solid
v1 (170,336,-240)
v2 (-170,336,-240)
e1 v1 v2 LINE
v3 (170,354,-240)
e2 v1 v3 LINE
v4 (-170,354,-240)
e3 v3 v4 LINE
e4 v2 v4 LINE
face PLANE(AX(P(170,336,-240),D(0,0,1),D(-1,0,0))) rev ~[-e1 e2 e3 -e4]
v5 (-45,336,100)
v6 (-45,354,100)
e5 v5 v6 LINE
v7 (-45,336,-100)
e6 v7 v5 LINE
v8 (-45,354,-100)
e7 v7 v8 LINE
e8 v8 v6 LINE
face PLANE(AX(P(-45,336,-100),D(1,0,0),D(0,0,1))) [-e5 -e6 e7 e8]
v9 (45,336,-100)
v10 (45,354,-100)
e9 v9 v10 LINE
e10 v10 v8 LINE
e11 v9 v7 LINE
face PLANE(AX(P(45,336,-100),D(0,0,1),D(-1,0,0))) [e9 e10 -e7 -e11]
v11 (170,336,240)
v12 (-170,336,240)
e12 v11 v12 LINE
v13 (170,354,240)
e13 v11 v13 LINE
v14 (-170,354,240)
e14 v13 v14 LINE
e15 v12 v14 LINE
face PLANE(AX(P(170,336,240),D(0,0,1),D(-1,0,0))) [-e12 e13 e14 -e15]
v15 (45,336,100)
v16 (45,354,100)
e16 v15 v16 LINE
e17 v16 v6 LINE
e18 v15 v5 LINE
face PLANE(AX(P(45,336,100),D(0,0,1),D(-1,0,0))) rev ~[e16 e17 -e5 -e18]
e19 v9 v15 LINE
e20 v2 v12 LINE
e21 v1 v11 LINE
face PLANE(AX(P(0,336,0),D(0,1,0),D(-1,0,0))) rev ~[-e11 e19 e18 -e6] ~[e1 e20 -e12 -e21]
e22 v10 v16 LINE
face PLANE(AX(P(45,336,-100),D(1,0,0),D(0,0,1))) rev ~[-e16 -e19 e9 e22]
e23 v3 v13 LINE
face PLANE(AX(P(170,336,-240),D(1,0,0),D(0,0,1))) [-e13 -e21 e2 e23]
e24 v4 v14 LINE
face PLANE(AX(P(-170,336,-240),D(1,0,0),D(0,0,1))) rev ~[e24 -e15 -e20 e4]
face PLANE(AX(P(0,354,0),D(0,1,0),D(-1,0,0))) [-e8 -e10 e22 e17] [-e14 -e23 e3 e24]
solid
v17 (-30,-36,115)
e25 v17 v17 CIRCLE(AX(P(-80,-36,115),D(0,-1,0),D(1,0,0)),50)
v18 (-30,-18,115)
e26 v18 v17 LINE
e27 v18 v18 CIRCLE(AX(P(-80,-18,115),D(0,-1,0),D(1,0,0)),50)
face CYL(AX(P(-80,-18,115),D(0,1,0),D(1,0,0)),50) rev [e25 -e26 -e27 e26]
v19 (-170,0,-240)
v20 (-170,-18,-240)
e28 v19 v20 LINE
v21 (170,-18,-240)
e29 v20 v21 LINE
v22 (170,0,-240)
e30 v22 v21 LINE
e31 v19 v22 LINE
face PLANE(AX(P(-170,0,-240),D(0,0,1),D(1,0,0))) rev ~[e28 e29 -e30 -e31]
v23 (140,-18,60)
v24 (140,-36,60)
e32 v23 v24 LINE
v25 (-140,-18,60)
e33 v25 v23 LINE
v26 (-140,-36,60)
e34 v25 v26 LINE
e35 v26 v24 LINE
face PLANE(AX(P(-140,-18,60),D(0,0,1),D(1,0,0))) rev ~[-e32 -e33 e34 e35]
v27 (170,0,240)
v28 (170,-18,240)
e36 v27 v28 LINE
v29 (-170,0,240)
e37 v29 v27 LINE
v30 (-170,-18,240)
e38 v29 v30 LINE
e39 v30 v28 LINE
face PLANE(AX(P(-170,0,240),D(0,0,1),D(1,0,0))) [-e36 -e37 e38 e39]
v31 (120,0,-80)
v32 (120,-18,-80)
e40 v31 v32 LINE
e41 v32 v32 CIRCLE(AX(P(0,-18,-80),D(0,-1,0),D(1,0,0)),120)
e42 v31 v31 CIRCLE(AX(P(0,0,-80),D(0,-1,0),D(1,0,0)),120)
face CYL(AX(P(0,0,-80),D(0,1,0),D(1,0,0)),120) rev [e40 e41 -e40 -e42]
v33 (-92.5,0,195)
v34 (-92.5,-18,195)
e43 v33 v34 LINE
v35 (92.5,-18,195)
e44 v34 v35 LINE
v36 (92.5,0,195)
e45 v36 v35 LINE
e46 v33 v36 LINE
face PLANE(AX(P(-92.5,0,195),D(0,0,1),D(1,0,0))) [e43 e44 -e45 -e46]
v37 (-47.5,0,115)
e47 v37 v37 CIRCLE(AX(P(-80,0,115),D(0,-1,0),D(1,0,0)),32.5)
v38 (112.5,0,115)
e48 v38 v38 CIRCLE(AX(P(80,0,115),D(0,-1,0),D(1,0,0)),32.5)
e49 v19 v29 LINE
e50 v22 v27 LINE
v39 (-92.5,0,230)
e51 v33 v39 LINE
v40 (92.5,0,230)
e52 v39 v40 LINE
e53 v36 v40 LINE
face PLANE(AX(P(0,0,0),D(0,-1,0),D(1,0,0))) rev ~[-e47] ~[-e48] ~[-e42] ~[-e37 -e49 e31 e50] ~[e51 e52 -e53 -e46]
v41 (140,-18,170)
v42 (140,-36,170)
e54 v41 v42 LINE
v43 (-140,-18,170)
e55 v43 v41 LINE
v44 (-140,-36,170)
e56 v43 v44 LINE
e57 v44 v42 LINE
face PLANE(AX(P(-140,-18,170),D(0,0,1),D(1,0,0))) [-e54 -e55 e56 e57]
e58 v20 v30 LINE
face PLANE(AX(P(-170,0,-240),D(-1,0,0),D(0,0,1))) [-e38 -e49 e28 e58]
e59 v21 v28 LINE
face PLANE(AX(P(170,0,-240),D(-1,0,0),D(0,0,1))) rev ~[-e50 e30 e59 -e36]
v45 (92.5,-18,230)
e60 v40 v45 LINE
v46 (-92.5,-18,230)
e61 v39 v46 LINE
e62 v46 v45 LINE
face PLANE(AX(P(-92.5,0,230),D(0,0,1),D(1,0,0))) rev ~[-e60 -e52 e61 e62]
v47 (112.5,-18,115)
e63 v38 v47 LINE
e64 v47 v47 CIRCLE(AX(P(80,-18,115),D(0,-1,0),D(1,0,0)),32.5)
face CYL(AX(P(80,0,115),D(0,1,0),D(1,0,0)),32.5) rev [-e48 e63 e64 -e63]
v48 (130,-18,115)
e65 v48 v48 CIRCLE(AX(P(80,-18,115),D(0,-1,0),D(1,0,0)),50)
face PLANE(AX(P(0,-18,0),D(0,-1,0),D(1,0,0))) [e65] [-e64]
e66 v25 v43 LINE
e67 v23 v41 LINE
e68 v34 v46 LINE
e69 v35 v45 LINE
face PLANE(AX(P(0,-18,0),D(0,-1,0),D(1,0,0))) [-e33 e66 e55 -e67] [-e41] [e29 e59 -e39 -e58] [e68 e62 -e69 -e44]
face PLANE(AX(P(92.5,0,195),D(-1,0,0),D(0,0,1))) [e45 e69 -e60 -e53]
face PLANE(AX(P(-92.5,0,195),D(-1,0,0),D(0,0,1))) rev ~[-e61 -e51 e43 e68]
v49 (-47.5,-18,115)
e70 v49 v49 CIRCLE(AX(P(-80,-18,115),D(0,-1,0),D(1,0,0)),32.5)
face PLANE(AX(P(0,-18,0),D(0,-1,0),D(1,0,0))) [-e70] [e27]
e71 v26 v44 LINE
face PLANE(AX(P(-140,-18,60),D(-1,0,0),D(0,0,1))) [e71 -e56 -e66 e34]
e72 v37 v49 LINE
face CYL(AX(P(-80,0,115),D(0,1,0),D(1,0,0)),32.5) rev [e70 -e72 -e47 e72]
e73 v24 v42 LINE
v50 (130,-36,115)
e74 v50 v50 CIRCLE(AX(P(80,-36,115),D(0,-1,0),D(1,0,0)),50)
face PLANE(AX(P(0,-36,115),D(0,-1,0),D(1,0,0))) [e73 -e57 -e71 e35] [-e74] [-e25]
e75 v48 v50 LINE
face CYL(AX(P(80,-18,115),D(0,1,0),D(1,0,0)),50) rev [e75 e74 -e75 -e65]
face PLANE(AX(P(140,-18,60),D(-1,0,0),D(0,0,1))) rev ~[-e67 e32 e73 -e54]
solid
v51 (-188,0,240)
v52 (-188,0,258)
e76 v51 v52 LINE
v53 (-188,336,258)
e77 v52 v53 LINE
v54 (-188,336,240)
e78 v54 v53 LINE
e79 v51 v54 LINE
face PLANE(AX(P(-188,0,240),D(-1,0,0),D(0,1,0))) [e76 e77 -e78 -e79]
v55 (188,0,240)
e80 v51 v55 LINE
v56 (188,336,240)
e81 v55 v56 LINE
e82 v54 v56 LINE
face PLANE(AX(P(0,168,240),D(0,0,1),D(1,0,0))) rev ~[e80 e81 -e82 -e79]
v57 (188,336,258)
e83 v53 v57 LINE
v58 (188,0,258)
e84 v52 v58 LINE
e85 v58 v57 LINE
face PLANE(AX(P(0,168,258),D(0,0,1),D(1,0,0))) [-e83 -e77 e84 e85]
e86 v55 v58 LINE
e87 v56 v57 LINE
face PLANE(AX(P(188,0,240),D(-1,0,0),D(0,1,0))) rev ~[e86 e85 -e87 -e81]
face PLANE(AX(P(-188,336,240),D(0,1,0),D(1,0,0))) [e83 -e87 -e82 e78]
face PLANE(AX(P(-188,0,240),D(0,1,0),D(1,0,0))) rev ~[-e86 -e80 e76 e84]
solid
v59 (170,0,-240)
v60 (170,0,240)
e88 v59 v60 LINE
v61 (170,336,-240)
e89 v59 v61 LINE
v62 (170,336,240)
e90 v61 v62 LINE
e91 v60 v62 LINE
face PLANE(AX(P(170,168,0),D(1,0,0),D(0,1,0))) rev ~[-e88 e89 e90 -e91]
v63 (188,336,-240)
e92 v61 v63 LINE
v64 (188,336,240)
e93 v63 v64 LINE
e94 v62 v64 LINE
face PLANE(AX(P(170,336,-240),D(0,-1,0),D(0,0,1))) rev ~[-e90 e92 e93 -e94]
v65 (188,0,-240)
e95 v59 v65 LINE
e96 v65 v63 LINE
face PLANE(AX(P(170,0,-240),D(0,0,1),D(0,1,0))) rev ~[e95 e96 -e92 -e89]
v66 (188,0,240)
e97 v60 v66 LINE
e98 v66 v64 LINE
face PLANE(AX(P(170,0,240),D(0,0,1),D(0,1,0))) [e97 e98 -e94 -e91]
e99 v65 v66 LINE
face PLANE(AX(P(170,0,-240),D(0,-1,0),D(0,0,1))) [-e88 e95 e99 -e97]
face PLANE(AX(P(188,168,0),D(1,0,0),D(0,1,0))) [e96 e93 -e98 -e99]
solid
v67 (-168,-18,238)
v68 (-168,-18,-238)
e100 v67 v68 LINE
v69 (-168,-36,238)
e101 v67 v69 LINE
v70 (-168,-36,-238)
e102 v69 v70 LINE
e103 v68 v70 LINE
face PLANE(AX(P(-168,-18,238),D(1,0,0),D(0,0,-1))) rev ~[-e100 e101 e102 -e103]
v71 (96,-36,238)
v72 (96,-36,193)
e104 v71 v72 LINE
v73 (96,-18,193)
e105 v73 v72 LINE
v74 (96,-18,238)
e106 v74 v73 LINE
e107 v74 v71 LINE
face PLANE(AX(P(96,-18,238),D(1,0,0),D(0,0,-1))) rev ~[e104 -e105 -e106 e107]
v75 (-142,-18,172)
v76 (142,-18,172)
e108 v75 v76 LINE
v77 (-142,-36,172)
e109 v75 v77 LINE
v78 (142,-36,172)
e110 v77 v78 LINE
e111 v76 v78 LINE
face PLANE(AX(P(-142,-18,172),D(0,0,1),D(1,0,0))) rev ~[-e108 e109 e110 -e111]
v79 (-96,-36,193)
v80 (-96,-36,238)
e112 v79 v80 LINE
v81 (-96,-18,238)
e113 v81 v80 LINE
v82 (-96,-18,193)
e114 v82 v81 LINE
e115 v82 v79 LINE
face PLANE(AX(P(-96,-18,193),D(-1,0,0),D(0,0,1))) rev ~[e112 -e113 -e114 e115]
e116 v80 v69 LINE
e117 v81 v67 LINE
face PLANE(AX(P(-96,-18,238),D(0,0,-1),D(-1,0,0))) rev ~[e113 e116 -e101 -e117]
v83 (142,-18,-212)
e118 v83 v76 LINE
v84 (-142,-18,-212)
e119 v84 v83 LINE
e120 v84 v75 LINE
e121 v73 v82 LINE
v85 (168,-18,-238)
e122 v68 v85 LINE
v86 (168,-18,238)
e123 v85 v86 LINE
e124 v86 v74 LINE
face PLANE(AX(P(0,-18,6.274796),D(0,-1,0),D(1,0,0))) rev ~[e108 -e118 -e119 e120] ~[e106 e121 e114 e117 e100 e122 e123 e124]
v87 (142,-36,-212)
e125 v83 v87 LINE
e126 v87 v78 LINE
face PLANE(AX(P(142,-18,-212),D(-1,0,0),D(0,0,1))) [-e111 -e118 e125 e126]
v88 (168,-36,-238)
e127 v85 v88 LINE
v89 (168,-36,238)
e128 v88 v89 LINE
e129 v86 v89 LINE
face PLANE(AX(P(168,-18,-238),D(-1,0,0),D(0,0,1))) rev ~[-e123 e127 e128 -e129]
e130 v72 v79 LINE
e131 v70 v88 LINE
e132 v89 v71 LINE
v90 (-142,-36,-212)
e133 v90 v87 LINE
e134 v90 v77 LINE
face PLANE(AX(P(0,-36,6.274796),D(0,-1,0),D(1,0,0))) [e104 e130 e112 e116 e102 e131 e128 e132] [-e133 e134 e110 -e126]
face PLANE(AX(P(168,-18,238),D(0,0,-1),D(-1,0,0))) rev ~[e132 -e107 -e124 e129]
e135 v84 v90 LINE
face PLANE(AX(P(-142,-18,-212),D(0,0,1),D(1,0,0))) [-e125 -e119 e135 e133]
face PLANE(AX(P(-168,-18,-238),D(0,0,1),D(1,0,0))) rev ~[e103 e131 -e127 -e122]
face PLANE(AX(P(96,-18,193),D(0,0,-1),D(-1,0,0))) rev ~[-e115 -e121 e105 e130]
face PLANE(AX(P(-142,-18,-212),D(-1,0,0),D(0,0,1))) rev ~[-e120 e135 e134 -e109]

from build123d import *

# Parameters (mm, degrees)
F0_W      = 340
F0_H      = 480
F0_R      = 120
F0_R_2    = 32.5
F0_W_2    = 185
F0_H_2    = 35
F1_DEPTH  = 18
F2_W      = 280
F2_H      = 110
F2_R      = 50
F3_DEPTH  = 18
F4_W      = 284
F4_H      = 384
F5_DEPTH  = 18
F6_W      = 336
F6_H      = 480
F7_DEPTH  = 18
F8_W      = 340
F8_H      = 480
F9_DEPTH  = 18
F11_W     = 340
F11_H     = 480
F11_W_2   = 90
F11_H_2   = 200
F12_DEPTH = 18
F13_W     = 376
F13_H     = 336
F14_DEPTH = 18


with BuildPart() as f1:
    # F0 (on Front) → F1 (new body)
    with BuildSketch(Plane.XZ):
        Rectangle(F0_W, F0_H)
        with Locations((0, -80)):
            Circle(F0_R, mode=Mode.SUBTRACT)
        with Locations((-80, 115)):
            Circle(F0_R_2, mode=Mode.SUBTRACT)
        with Locations((80, 115)):
            Circle(F0_R_2, mode=Mode.SUBTRACT)
        with Locations((0, 212.5)):
            Rectangle(F0_W_2, F0_H_2, mode=Mode.SUBTRACT)
    extrude(amount=F1_DEPTH)

    # F2 (on face) → F3 (join)
    with BuildSketch(Plane.XZ.offset(18)):
        with Locations((0, 115)):
            Rectangle(F2_W, F2_H)
        with Locations((-80, 115)):
            Circle(F2_R, mode=Mode.SUBTRACT)
        with Locations((80, 115)):
            Circle(F2_R, mode=Mode.SUBTRACT)
    extrude(amount=F3_DEPTH)


with BuildPart() as f5:
    # F4 (on face) → F5 (new body)
    with BuildSketch(Plane.XZ.offset(18)):
        Polygon((-168, 238), (-168, -238), (168, -238), (168, 238), (96, 238), (96, 193), (-96, 193), (-96, 238), align=None)
        with Locations((0, -20)):
            Rectangle(F4_W, F4_H, mode=Mode.SUBTRACT)
    extrude(amount=F5_DEPTH)


with BuildPart() as f7:
    # F6 (on face) → F7 (new body)
    with BuildSketch(Plane.YZ.offset(170)):
        with Locations((168, 0)):
            Rectangle(F6_W, F6_H)
    extrude(amount=F7_DEPTH)


with BuildPart() as f9:
    # F8 (on face) → F9 (new body)
    with BuildSketch(Plane(origin=(0, 0, 0), x_dir=(-1, 0, 0), z_dir=(0, 1, 0))):
        Rectangle(F8_W, F8_H)
    extrude(amount=F9_DEPTH)


with BuildPart() as f12:
    # F11 (on face) → F12 (new body)
    with BuildSketch(Plane(origin=(0, 336, 0), x_dir=(-1, 0, 0), z_dir=(0, 1, 0))):
        Rectangle(F11_W, F11_H)
        Rectangle(F11_W_2, F11_H_2, mode=Mode.SUBTRACT)
    extrude(amount=F12_DEPTH)


with BuildPart() as f14:
    # F13 (on face) → F14 (new body)
    with BuildSketch(Plane.XY.offset(240)):
        with Locations((0, 168)):
            Rectangle(F13_W, F13_H)
    extrude(amount=F14_DEPTH)


solid = Compound([f1.part, f5.part, f7.part, f12.part, f14.part])
